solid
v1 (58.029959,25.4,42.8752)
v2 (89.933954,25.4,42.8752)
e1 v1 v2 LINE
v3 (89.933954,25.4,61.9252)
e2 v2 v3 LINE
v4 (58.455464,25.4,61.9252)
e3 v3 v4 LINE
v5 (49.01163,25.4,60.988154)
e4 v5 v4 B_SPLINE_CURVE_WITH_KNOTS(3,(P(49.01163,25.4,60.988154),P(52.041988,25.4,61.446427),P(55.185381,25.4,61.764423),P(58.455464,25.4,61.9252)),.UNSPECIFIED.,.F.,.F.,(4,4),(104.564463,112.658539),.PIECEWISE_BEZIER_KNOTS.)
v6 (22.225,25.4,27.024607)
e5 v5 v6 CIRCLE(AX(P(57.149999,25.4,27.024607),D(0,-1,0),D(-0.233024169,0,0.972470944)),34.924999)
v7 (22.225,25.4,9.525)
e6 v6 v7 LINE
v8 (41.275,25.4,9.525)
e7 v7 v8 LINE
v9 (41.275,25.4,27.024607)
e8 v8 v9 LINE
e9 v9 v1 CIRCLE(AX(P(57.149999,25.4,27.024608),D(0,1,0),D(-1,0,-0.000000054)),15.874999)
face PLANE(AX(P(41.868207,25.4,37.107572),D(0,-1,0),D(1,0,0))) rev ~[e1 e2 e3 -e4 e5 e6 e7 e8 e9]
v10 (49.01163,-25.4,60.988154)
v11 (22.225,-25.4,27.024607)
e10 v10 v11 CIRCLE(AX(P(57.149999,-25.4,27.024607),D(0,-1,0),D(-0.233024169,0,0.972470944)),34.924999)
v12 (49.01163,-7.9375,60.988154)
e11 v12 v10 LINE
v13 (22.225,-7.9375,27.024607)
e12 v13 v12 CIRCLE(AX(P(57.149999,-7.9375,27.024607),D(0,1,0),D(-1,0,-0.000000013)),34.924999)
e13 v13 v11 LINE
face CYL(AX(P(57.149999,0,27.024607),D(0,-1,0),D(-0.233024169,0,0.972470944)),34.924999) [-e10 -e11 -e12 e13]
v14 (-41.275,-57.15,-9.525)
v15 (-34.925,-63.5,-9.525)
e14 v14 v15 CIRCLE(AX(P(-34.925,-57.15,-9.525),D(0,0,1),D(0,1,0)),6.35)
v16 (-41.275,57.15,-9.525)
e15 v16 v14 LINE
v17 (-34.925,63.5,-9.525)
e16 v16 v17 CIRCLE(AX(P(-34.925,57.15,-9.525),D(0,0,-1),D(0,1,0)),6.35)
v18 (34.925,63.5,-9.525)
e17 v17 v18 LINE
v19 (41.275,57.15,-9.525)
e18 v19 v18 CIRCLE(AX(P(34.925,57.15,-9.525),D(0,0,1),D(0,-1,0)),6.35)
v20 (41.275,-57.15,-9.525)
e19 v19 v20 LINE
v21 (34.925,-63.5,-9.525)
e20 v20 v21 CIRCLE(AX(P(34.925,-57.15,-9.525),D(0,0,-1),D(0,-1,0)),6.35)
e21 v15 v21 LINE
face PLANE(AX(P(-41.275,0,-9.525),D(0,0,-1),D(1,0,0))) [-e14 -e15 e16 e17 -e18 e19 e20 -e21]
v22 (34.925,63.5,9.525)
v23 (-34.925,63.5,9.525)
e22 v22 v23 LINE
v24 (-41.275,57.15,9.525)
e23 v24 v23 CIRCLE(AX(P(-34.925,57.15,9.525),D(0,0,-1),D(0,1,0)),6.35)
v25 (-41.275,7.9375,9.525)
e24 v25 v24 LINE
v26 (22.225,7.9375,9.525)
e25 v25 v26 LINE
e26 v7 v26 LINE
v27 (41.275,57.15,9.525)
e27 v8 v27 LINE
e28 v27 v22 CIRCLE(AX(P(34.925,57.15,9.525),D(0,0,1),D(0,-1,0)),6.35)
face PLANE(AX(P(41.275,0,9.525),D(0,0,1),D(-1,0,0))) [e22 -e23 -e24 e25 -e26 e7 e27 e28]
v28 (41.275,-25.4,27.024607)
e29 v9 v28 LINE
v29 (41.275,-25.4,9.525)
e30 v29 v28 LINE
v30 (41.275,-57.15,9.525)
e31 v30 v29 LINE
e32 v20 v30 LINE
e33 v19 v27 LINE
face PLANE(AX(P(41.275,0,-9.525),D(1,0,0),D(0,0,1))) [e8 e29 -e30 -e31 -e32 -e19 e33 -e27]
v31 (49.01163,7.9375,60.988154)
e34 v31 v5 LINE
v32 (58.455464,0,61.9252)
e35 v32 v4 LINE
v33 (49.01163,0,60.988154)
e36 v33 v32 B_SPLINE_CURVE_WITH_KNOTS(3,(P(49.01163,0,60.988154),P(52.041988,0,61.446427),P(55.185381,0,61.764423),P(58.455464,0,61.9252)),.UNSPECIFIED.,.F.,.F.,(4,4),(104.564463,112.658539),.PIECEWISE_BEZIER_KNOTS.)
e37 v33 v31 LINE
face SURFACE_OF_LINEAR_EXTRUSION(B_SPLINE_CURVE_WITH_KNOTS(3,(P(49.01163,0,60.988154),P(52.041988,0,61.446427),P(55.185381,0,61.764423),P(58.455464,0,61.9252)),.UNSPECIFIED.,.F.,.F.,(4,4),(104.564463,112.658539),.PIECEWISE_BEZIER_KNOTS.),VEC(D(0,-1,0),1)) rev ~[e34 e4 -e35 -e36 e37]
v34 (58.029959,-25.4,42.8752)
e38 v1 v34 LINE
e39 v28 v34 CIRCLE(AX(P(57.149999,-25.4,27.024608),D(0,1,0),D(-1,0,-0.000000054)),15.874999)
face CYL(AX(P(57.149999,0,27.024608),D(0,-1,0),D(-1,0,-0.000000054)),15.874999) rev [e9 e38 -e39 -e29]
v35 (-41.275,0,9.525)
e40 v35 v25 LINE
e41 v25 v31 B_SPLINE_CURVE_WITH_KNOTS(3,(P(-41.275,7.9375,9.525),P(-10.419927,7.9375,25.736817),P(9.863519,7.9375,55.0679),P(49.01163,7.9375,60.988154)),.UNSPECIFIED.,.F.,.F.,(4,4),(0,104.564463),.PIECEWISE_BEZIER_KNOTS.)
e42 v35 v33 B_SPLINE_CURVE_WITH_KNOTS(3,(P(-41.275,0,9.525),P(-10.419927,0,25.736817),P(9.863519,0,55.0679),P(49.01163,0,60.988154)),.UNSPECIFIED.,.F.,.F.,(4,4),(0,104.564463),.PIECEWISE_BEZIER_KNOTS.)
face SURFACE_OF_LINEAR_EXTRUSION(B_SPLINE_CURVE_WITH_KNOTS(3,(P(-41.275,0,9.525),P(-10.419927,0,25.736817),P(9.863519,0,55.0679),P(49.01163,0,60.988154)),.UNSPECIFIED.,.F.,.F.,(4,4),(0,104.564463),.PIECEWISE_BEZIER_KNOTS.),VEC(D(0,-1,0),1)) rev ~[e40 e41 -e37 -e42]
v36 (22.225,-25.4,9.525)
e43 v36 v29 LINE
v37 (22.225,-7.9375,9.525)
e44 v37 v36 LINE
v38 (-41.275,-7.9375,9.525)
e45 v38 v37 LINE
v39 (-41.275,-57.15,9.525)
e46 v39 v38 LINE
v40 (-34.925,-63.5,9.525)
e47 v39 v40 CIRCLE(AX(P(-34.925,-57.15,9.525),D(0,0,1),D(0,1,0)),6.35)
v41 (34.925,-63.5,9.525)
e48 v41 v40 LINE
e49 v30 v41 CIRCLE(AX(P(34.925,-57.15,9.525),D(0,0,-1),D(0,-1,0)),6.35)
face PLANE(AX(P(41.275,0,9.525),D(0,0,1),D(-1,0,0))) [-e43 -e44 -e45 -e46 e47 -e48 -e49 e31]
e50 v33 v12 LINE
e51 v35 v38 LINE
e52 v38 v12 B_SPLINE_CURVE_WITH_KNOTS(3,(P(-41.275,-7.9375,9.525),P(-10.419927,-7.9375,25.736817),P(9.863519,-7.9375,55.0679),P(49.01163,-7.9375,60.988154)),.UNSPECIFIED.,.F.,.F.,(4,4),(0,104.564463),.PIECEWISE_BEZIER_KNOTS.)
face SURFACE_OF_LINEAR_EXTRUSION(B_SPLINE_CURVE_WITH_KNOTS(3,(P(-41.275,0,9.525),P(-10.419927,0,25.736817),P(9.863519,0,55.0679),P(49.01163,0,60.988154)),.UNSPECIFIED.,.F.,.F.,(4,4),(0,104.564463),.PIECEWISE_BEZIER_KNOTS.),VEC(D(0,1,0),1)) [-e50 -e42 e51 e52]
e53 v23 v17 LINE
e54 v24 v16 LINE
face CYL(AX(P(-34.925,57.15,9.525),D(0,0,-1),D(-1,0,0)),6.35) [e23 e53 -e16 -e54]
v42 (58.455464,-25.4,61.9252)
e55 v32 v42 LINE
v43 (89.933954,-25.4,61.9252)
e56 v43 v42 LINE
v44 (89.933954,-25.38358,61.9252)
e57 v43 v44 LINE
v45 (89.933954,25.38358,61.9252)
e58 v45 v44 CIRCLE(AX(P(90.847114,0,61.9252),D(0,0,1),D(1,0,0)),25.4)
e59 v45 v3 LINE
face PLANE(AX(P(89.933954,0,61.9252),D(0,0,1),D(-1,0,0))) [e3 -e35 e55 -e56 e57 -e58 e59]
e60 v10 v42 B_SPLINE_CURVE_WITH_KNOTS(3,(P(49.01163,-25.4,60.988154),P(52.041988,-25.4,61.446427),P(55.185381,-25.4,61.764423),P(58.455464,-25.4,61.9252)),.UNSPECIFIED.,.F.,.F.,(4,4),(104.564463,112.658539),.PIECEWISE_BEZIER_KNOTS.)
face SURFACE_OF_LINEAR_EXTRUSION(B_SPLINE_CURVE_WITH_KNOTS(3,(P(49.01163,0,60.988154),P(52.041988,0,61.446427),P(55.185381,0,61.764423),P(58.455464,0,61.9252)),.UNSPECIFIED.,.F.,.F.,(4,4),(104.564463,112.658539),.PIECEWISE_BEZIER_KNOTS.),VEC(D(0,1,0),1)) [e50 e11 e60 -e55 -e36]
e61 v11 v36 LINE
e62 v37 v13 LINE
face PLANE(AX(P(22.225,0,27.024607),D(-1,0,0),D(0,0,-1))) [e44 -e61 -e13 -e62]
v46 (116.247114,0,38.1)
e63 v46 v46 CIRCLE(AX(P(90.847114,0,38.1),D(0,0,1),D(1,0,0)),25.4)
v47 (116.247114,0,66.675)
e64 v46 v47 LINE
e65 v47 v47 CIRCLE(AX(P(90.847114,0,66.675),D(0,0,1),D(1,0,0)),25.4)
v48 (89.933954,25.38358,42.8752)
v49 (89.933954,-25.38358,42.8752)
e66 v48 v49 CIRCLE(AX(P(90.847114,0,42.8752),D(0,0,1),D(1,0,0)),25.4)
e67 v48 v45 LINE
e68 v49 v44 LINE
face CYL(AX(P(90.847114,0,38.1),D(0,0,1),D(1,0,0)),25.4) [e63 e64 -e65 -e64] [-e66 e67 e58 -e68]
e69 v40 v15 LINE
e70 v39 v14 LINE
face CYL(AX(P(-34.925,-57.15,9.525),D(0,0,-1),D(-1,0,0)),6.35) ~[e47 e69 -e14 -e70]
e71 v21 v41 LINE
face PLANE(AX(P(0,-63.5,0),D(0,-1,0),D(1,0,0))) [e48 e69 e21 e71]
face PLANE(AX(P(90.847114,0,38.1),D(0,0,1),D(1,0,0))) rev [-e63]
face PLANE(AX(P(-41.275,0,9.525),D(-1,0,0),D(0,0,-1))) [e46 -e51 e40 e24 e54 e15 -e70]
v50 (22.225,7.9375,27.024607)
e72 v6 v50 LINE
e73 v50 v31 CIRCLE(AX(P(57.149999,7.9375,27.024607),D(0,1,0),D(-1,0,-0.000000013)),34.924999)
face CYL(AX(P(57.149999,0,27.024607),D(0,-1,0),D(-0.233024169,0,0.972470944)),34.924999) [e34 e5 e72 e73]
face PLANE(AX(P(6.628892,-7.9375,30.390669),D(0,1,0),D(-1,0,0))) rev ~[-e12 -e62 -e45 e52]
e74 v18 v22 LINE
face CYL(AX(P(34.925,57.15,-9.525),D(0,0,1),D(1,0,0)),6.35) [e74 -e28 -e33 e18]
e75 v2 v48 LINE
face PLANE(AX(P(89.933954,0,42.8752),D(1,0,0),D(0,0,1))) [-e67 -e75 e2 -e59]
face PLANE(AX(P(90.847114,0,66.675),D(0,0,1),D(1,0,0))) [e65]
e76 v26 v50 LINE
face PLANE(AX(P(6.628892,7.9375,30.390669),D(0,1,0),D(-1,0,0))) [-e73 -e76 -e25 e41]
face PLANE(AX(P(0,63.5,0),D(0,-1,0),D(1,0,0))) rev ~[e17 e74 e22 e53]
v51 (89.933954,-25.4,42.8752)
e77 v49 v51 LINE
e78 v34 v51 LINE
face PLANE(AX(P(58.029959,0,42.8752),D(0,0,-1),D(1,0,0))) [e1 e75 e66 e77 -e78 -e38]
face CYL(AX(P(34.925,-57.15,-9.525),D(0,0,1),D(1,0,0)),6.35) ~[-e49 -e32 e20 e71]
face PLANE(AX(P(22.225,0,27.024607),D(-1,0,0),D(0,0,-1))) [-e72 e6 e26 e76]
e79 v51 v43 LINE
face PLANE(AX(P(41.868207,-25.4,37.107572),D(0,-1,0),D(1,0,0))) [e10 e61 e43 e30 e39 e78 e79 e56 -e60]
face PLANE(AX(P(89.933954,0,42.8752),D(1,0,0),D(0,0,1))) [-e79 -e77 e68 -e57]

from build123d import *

# Parameters (mm, degrees)
F1_DEPTH = 63.5
F0_W     = 24.486841
F0_H     = 19.05
F2_DEPTH = 25.4
F3_DEPTH = 7.9375
F5_R     = 6.35


with BuildPart() as f1:
    # F0 (on Front) → F1 (new body, symmetric)
    with BuildSketch(Plane.XZ):
        Polygon((22.225, 9.525), (-41.275, 9.525), (-41.275, -9.525), (41.275, -9.525), (41.275, 9.525), align=None)
    extrude(amount=F1_DEPTH, both=True)

    # F0 (on Front) → F2 (join, symmetric)
    with BuildSketch(Plane.XZ):
        with BuildLine():
            Line((22.225, 27.024607), (22.225, 9.525))
            Line((22.225, 9.525), (41.275, 9.525))
            Line((41.275, 9.525), (41.275, 27.024607))
            ThreePointArc((41.275, 27.024607), (46.240227, 38.556844), (58.029959, 42.8752))
            Line((58.029959, 42.8752), (65.447114, 42.8752))
            Line((65.447114, 42.8752), (65.447114, 61.9252))
            Line((65.447114, 61.9252), (58.455464, 61.9252))
            add(Edge.make_bspline(
                [(49.01163, 60.988154), (52.041988, 61.446427), (55.185381, 61.764423), (58.455464, 61.9252)],
                knots=[104.564463, 104.564463, 104.564463, 104.564463, 112.658539, 112.658539, 112.658539, 112.658539], degree=3))
            ThreePointArc((49.01163, 60.988154), (29.727489, 48.652402), (22.225, 27.024607))
        make_face()
        with Locations((77.690534, 52.4002)):
            Rectangle(F0_W, F0_H)
    extrude(amount=F2_DEPTH, both=True)

    # F0 (on Front) → F3 (join, symmetric)
    with BuildSketch(Plane.XZ):
        with BuildLine():
            add(Edge.make_bspline(
                [(-41.275, 9.525), (-10.419927, 25.736817), (9.863519, 55.0679), (49.01163, 60.988154)],
                knots=[0, 0, 0, 0, 104.564463, 104.564463, 104.564463, 104.564463], degree=3))
            Line((-41.275, 9.525), (22.225, 9.525))
            Line((22.225, 9.525), (22.225, 27.024607))
            ThreePointArc((22.225, 27.024607), (29.727489, 48.652402), (49.01163, 60.988154))
        make_face()
    extrude(amount=F3_DEPTH, both=True)

    # F0 (on Front) → F4 (revolve)
    with BuildSketch(Plane.XZ):
        Polygon((116.247114, 66.675), (90.847114, 66.675), (90.847114, 52.3875), (90.847114, 38.1), (116.247114, 38.1), align=None)
    revolve(axis=Axis((90.847114, 0, 52.3875), (0, 0, 1)))

    # F5
    f5_edges = [f1.edges().sort_by_distance(p)[0] for p in [
        (41.275, -63.5, 0),
        (-41.275, -63.5, 0),
        (41.275, 63.5, 0),
        (-41.275, 63.5, 0),
    ]]
    fillet(f5_edges, radius=F5_R)


solid = f1.part
